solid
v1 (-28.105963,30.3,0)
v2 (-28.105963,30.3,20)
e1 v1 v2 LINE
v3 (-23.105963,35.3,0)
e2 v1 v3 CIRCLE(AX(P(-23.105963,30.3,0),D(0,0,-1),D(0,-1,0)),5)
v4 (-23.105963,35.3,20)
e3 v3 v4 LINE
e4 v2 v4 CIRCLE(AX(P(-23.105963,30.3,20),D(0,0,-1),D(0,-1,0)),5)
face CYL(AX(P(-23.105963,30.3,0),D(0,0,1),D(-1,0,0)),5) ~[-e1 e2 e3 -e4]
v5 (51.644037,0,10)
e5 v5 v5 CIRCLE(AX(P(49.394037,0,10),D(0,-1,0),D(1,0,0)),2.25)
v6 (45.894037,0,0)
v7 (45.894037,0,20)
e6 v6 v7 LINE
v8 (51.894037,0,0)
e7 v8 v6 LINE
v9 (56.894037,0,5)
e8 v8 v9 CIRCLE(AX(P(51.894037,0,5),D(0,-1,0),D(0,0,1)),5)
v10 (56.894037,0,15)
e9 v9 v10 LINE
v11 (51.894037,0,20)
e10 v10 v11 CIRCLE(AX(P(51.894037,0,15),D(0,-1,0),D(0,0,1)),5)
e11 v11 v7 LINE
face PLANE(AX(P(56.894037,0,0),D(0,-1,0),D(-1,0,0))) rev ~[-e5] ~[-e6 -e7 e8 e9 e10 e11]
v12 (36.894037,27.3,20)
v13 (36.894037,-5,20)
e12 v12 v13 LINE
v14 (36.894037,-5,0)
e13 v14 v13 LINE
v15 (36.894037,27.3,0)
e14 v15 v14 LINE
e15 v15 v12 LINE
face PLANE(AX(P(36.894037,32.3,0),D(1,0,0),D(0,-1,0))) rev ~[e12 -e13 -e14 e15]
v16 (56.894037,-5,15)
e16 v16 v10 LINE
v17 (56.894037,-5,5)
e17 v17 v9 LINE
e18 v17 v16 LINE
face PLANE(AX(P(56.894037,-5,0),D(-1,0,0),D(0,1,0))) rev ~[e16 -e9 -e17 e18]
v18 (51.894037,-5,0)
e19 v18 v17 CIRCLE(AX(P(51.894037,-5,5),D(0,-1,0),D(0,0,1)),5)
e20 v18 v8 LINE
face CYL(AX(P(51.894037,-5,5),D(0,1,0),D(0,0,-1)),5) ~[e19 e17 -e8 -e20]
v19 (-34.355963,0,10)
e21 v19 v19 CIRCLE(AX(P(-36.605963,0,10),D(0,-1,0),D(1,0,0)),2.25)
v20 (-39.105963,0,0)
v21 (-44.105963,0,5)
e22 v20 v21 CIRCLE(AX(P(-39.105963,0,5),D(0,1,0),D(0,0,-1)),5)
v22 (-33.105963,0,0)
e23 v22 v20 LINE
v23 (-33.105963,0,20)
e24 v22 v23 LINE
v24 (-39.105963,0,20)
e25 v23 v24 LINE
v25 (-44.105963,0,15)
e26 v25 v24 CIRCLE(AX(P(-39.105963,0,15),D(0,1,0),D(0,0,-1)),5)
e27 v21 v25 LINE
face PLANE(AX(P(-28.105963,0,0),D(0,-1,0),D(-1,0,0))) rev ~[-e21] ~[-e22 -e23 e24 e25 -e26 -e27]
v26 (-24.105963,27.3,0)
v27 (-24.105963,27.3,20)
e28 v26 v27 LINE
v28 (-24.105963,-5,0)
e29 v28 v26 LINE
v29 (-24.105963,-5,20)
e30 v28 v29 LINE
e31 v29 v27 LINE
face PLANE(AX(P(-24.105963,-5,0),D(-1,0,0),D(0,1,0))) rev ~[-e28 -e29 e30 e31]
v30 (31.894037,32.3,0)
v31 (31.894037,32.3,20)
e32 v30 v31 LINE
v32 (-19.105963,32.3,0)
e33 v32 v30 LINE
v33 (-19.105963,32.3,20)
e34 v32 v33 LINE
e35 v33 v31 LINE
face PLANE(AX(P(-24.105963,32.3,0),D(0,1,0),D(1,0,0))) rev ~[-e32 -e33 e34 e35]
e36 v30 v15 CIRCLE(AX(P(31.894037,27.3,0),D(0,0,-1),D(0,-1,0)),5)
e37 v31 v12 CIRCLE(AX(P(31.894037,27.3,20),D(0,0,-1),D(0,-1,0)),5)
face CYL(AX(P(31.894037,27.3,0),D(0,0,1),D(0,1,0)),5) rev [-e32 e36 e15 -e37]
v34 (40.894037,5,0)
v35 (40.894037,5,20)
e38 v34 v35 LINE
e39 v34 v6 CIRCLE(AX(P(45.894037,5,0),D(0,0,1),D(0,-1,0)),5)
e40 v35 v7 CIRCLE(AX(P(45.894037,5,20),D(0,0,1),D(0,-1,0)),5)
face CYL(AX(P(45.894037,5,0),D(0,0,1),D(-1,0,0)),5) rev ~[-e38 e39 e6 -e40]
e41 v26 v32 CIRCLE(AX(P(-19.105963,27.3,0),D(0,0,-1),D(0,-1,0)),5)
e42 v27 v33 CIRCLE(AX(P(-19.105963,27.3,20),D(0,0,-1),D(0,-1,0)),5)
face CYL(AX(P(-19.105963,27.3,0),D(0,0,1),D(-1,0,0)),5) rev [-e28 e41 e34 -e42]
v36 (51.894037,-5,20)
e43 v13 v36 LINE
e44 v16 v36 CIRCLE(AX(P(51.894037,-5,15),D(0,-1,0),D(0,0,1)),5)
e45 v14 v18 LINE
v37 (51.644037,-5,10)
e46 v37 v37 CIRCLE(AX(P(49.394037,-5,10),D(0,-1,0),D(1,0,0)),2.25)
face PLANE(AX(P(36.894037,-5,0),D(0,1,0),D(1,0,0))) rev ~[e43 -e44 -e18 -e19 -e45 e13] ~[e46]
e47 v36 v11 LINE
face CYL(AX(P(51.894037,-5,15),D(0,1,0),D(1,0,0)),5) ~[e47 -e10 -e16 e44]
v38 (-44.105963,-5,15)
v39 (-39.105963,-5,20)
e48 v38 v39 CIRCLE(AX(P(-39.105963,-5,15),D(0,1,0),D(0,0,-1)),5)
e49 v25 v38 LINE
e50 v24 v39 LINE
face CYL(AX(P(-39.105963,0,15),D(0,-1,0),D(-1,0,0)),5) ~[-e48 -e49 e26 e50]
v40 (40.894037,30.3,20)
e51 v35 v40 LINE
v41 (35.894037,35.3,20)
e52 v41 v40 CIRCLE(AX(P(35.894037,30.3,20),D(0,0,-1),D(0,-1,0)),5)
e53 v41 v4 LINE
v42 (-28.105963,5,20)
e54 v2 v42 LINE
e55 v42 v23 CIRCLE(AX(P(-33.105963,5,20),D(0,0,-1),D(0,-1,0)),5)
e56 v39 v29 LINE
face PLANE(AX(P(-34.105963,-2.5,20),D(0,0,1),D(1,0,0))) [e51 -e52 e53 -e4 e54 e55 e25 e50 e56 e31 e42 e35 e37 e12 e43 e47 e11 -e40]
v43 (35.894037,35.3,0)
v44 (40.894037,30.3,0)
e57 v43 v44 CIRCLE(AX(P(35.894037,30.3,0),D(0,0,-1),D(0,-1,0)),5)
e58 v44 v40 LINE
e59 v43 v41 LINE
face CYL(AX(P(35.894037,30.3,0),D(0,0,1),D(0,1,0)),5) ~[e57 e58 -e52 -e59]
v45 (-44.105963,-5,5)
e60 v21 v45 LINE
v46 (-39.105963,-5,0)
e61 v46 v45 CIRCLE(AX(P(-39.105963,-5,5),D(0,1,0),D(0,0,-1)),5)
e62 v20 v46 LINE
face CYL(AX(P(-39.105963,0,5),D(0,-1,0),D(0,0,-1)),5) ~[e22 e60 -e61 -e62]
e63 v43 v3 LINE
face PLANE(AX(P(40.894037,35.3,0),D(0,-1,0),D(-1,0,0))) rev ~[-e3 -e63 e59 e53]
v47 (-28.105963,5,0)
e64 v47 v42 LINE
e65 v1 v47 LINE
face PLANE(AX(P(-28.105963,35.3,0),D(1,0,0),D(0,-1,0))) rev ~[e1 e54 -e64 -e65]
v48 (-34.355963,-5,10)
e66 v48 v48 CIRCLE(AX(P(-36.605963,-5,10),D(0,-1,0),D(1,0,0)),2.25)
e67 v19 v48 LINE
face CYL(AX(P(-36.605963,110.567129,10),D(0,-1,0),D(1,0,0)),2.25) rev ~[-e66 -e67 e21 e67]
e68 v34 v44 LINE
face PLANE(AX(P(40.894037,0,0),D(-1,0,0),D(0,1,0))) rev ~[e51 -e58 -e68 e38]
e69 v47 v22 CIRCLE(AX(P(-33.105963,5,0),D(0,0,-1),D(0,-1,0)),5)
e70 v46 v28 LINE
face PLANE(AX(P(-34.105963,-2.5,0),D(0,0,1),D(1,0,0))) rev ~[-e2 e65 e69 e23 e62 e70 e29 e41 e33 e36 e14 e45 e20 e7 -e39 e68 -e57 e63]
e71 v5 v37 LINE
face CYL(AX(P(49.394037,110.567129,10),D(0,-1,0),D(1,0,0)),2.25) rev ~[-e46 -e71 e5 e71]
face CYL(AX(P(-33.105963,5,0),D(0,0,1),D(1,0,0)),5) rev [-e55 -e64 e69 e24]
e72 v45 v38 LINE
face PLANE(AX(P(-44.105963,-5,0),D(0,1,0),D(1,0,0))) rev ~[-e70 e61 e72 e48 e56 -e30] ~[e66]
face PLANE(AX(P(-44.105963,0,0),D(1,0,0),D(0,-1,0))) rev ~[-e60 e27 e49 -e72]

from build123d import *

# Parameters (mm, degrees)
F0_W     = 61
F0_H     = 3
F0_W_2   = 4
F0_H_2   = 32.3
F1_DEPTH = 20
F2_R     = 5
F5_D     = 4.5
F6_R     = 5
F7_R     = 5
F8_R     = 5


with BuildPart() as f1:
    # F0 (on Top) → F1 (new body)
    with BuildSketch(Plane.XY):
        Polygon((-28.105963, 0), (-44.105963, 0), (-44.105963, -5), (-24.105963, -5), (-24.105963, 0), align=None)
        Polygon((-28.105963, 35.3), (-28.105963, 0), (-24.105963, 0), (-24.105963, 32.3), (-24.105963, 35.3), align=None)
        with Locations((6.394037, 33.8)):
            Rectangle(F0_W, F0_H)
        with Locations((38.894037, 33.8)):
            Rectangle(F0_W_2, F0_H)
        with Locations((38.894037, 16.15)):
            Rectangle(F0_W_2, F0_H_2)
        Polygon((40.894037, 0), (36.894037, 0), (36.894037, -5), (56.894037, -5), (56.894037, 0), align=None)
    extrude(amount=F1_DEPTH)

    # F2
    f2_edges = [f1.edges().sort_by_distance(p)[0] for p in [
        (-24.105963, 32.3, 10),
        (36.894037, 32.3, 10),
    ]]
    fillet(f2_edges, radius=F2_R)

    # F5 (through all)
    with Locations(Plane(origin=(0, 0, 0), x_dir=(-1, 0, 0), z_dir=(0, 1, 0))):
        with Locations((36.605963, 10), (-49.394037, 10)):
            Hole(F5_D / 2)

    # F6
    f6_edges = [f1.edges().sort_by_distance(p)[0] for p in [
        (-28.105963, 35.3, 10),
        (40.894037, 35.3, 10),
    ]]
    fillet(f6_edges, radius=F6_R)

    # F7
    f7_edges = [f1.edges().sort_by_distance(p)[0] for p in [
        (-28.105963, 0, 10),
        (40.894037, 0, 10),
    ]]
    fillet(f7_edges, radius=F7_R)

    # F8
    f8_edges = [f1.edges().sort_by_distance(p)[0] for p in [
        (56.894037, -2.5, 20),
        (56.894037, -2.5, 0),
        (-44.105963, -2.5, 0),
        (-44.105963, -2.5, 20),
    ]]
    fillet(f8_edges, radius=F8_R)


solid = f1.part
